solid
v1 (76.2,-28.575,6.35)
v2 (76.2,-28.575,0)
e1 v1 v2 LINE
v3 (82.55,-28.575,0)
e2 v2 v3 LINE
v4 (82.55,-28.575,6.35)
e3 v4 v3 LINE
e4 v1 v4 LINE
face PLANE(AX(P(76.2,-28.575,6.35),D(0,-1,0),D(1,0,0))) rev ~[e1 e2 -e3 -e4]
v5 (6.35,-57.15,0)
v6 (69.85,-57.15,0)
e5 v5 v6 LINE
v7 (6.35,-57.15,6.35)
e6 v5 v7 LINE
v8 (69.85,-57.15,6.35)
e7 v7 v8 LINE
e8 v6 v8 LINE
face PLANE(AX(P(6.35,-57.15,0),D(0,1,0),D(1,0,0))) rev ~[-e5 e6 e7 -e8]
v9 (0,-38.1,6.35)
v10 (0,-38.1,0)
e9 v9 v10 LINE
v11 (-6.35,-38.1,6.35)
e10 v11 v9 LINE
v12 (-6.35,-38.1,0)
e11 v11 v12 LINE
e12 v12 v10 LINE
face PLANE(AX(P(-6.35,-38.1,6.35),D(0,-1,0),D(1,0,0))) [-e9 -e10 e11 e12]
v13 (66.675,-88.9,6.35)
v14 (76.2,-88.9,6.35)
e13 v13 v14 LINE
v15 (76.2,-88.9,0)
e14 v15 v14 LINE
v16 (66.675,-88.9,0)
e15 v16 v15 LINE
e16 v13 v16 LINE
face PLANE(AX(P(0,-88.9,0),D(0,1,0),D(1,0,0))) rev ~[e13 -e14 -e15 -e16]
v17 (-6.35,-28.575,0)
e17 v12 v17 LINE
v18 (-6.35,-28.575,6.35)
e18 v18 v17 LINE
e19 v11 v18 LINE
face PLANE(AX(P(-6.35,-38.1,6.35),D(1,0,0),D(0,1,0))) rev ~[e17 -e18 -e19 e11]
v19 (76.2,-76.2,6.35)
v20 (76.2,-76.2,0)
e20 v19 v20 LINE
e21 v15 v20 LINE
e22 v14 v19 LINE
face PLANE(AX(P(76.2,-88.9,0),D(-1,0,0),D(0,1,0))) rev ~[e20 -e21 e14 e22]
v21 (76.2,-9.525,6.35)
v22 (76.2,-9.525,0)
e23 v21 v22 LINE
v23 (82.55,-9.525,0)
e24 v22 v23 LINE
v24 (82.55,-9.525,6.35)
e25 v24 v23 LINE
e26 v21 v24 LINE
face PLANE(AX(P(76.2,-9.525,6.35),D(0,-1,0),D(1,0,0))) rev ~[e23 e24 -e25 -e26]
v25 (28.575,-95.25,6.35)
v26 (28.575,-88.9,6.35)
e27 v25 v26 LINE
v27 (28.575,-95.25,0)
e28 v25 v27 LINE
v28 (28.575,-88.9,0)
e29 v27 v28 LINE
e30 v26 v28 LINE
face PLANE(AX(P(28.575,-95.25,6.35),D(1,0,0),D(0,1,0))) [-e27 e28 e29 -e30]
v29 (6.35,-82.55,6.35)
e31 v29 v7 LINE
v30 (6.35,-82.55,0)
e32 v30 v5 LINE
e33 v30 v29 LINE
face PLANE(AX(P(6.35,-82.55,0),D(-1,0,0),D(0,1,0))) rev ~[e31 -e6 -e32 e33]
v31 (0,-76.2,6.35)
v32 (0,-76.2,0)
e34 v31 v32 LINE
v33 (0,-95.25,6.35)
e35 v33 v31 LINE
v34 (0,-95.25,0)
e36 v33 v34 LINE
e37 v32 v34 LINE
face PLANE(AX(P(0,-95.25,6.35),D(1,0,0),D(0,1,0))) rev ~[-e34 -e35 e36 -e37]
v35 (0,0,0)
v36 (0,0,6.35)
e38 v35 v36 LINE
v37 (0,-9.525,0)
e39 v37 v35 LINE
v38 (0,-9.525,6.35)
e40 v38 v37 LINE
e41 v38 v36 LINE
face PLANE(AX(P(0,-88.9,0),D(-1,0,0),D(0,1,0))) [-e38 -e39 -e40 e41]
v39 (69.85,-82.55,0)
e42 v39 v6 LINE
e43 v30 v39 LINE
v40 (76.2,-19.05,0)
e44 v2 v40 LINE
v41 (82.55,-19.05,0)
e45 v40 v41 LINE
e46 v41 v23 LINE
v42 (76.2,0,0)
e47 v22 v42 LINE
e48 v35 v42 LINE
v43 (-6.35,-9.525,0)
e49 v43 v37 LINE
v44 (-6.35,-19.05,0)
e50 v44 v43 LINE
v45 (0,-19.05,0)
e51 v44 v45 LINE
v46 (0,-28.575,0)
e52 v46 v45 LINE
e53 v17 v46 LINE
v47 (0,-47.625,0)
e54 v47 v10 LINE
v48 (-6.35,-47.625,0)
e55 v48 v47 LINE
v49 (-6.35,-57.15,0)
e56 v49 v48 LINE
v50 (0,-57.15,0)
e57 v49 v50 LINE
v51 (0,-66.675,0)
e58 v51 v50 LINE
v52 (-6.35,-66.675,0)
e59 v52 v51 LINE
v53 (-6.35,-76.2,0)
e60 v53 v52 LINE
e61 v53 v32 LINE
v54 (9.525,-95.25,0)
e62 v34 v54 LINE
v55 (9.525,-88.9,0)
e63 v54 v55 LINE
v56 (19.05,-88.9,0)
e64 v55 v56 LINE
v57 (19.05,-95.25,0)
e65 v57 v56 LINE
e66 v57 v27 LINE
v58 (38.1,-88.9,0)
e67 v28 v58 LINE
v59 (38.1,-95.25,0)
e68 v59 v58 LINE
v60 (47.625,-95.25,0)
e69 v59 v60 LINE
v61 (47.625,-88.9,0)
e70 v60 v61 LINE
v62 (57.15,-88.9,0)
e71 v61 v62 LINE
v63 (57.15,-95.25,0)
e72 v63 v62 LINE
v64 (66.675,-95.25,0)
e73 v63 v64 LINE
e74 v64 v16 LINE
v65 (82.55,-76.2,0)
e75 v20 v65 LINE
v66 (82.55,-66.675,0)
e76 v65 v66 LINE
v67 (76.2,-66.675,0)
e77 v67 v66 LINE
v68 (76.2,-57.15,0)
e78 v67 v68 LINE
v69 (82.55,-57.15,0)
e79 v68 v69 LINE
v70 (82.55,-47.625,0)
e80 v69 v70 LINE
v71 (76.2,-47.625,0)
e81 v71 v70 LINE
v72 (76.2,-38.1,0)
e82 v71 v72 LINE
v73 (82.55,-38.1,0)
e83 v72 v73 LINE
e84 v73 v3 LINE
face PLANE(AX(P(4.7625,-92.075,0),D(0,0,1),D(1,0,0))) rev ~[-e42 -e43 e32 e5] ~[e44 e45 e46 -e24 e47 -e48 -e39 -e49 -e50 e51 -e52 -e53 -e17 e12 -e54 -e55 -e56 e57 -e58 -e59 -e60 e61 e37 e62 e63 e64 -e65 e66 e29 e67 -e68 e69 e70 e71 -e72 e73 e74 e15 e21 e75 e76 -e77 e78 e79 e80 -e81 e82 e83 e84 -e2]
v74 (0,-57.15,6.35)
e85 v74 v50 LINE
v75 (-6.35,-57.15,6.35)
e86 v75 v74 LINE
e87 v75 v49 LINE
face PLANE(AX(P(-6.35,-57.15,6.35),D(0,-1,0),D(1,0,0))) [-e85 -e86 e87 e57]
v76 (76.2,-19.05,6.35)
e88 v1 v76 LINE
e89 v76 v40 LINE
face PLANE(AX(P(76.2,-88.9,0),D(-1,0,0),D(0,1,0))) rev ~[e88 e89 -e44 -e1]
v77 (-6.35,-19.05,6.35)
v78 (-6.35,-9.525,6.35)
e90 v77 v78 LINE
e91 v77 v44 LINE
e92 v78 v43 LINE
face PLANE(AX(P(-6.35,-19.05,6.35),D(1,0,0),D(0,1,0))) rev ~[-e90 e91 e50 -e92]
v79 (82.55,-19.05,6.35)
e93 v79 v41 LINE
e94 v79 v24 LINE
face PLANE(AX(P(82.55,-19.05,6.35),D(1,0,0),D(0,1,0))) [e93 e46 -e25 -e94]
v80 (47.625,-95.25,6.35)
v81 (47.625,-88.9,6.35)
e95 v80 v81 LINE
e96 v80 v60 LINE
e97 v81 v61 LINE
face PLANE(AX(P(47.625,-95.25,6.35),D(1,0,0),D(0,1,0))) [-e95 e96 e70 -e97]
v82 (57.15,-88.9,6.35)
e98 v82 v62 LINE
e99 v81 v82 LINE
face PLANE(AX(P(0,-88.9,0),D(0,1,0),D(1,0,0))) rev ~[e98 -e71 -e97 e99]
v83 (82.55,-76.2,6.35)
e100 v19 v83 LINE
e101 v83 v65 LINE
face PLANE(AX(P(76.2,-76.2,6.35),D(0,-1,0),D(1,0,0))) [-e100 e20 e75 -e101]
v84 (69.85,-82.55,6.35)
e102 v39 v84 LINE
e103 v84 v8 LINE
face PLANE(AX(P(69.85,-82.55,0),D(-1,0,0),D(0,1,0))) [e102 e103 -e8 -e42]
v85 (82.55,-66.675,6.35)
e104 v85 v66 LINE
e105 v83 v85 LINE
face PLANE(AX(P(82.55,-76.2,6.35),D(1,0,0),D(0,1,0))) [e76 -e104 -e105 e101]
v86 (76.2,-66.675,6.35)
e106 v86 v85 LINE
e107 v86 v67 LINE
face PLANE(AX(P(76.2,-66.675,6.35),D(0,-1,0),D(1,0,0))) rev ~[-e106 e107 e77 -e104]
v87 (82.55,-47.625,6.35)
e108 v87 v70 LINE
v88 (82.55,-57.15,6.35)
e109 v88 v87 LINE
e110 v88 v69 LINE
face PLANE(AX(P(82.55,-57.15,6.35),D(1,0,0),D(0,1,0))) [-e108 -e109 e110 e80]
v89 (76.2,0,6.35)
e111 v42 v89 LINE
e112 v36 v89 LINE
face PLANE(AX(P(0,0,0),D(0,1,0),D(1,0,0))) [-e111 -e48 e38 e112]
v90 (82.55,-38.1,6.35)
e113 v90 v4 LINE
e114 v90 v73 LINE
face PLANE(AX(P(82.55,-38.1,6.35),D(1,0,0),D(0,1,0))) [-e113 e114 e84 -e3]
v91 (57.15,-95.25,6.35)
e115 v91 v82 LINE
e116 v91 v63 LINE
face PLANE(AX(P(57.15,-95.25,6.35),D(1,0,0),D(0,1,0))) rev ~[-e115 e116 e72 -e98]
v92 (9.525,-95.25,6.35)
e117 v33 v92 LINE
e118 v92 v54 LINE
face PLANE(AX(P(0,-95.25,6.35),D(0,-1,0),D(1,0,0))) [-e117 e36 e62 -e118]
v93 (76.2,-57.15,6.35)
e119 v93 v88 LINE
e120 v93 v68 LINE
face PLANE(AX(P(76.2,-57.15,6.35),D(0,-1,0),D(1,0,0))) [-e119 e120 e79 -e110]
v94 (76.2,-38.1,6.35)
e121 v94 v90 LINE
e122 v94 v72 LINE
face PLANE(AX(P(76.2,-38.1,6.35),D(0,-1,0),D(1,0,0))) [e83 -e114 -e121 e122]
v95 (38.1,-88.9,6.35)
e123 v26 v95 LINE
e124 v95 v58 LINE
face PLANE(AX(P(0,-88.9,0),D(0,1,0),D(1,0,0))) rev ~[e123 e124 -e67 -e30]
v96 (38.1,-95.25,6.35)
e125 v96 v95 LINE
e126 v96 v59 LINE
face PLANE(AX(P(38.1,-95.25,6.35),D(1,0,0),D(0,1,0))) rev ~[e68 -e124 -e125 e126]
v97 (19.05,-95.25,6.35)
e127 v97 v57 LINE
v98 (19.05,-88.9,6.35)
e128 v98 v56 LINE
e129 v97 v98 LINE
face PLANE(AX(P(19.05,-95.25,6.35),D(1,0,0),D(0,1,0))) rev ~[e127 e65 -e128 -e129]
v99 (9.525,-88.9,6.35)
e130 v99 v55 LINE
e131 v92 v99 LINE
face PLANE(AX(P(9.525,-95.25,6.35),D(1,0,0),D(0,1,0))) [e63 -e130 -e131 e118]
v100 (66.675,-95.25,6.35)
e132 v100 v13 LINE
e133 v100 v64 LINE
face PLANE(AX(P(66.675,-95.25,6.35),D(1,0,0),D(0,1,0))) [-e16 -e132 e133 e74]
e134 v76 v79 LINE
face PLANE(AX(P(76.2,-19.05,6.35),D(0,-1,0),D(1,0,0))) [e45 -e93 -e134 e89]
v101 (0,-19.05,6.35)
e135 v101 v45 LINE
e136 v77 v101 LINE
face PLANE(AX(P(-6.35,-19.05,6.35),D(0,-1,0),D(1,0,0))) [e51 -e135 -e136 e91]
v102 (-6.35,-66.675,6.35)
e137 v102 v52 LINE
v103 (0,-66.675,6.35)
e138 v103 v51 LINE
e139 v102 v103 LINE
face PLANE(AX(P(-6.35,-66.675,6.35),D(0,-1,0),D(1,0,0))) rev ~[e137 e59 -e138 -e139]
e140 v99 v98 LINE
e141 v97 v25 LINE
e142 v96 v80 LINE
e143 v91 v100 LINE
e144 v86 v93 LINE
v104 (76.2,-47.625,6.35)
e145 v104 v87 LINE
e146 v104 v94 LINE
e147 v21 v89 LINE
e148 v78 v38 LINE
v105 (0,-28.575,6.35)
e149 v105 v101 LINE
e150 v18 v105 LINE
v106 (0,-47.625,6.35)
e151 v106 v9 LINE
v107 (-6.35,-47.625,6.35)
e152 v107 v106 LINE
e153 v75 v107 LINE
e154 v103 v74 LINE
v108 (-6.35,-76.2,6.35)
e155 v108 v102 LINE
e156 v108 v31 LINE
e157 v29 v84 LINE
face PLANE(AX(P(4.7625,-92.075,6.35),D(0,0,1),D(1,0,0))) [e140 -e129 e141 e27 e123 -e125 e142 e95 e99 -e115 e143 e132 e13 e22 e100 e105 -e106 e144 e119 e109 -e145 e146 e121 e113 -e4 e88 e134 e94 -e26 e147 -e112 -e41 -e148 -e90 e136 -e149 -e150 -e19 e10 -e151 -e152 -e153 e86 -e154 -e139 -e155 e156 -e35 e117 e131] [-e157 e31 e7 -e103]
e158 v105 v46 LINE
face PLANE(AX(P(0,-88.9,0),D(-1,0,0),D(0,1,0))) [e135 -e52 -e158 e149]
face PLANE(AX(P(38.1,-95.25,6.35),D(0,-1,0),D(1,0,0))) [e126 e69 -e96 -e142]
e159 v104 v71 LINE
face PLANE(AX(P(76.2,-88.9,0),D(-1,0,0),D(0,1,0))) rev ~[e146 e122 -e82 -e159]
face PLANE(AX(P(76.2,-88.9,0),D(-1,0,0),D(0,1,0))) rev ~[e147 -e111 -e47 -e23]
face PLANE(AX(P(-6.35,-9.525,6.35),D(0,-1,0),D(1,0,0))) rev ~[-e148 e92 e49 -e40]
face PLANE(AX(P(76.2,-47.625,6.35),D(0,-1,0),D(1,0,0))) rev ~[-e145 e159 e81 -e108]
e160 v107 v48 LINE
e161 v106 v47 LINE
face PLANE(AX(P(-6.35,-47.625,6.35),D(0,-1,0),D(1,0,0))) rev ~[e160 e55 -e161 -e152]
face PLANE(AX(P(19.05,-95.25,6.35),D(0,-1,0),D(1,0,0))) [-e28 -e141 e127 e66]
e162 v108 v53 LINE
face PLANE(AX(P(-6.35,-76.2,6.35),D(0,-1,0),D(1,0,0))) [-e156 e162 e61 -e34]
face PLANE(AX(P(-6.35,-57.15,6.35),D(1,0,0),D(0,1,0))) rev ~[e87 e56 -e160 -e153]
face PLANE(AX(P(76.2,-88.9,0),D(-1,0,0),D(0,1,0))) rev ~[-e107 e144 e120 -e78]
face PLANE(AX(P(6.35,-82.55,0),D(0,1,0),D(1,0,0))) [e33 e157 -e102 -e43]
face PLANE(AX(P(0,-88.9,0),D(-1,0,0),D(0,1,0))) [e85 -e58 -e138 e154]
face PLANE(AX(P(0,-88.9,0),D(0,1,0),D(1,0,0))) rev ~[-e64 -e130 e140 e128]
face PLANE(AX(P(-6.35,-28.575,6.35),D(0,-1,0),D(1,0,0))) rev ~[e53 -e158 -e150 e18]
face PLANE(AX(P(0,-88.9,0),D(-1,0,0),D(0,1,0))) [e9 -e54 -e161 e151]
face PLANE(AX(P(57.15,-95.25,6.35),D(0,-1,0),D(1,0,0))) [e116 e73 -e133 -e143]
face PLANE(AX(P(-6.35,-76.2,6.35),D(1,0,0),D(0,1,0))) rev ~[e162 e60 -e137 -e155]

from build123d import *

# Parameters (mm, degrees)
SKETCH1_W           = 76.2
SKETCH1_H           = 88.9
SKETCH1_W_2         = 63.5
SKETCH1_H_2         = 25.4
BOSS_EXTRUDE1_DEPTH = 6.35
SKETCH2_W           = 6.35
SKETCH2_H           = 9.525
SKETCH2_W_2         = 9.525
SKETCH2_H_2         = 6.35
BOSS_EXTRUDE3_DEPTH = 6.35


with BuildPart() as part:
    # Sketch1 → Boss-Extrude1 (new body)
    with BuildSketch(Plane.XY):
        with Locations((38.1, -44.45)):
            Rectangle(SKETCH1_W, SKETCH1_H)
        with Locations((38.1, -69.85)):
            Rectangle(SKETCH1_W_2, SKETCH1_H_2, mode=Mode.SUBTRACT)
    extrude(amount=BOSS_EXTRUDE1_DEPTH)

    # Sketch2 → Boss-Extrude3 (add)
    with BuildSketch(Plane.XY.offset(6.35)):
        with Locations((-3.175, -14.2875)):
            Rectangle(SKETCH2_W, SKETCH2_H)
        with Locations((-3.175, -33.3375)):
            Rectangle(SKETCH2_W, SKETCH2_H)
        with Locations((-3.175, -52.3875)):
            Rectangle(SKETCH2_W, SKETCH2_H)
        with Locations((-3.175, -71.4375)):
            Rectangle(SKETCH2_W, SKETCH2_H)
        with Locations((4.7625, -92.075)):
            Rectangle(SKETCH2_W_2, SKETCH2_H_2)
        with Locations((23.8125, -92.075)):
            Rectangle(SKETCH2_W_2, SKETCH2_H_2)
        with Locations((79.375, -71.4375)):
            Rectangle(SKETCH2_W, SKETCH2_H)
        with Locations((79.375, -52.3875)):
            Rectangle(SKETCH2_W, SKETCH2_H)
        with Locations((79.375, -33.3375)):
            Rectangle(SKETCH2_W, SKETCH2_H)
        with Locations((79.375, -14.2875)):
            Rectangle(SKETCH2_W, SKETCH2_H)
        with Locations((42.8625, -92.075)):
            Rectangle(SKETCH2_W_2, SKETCH2_H_2)
        with Locations((61.9125, -92.075)):
            Rectangle(SKETCH2_W_2, SKETCH2_H_2)
    extrude(amount=-BOSS_EXTRUDE3_DEPTH)


solid = part.part
